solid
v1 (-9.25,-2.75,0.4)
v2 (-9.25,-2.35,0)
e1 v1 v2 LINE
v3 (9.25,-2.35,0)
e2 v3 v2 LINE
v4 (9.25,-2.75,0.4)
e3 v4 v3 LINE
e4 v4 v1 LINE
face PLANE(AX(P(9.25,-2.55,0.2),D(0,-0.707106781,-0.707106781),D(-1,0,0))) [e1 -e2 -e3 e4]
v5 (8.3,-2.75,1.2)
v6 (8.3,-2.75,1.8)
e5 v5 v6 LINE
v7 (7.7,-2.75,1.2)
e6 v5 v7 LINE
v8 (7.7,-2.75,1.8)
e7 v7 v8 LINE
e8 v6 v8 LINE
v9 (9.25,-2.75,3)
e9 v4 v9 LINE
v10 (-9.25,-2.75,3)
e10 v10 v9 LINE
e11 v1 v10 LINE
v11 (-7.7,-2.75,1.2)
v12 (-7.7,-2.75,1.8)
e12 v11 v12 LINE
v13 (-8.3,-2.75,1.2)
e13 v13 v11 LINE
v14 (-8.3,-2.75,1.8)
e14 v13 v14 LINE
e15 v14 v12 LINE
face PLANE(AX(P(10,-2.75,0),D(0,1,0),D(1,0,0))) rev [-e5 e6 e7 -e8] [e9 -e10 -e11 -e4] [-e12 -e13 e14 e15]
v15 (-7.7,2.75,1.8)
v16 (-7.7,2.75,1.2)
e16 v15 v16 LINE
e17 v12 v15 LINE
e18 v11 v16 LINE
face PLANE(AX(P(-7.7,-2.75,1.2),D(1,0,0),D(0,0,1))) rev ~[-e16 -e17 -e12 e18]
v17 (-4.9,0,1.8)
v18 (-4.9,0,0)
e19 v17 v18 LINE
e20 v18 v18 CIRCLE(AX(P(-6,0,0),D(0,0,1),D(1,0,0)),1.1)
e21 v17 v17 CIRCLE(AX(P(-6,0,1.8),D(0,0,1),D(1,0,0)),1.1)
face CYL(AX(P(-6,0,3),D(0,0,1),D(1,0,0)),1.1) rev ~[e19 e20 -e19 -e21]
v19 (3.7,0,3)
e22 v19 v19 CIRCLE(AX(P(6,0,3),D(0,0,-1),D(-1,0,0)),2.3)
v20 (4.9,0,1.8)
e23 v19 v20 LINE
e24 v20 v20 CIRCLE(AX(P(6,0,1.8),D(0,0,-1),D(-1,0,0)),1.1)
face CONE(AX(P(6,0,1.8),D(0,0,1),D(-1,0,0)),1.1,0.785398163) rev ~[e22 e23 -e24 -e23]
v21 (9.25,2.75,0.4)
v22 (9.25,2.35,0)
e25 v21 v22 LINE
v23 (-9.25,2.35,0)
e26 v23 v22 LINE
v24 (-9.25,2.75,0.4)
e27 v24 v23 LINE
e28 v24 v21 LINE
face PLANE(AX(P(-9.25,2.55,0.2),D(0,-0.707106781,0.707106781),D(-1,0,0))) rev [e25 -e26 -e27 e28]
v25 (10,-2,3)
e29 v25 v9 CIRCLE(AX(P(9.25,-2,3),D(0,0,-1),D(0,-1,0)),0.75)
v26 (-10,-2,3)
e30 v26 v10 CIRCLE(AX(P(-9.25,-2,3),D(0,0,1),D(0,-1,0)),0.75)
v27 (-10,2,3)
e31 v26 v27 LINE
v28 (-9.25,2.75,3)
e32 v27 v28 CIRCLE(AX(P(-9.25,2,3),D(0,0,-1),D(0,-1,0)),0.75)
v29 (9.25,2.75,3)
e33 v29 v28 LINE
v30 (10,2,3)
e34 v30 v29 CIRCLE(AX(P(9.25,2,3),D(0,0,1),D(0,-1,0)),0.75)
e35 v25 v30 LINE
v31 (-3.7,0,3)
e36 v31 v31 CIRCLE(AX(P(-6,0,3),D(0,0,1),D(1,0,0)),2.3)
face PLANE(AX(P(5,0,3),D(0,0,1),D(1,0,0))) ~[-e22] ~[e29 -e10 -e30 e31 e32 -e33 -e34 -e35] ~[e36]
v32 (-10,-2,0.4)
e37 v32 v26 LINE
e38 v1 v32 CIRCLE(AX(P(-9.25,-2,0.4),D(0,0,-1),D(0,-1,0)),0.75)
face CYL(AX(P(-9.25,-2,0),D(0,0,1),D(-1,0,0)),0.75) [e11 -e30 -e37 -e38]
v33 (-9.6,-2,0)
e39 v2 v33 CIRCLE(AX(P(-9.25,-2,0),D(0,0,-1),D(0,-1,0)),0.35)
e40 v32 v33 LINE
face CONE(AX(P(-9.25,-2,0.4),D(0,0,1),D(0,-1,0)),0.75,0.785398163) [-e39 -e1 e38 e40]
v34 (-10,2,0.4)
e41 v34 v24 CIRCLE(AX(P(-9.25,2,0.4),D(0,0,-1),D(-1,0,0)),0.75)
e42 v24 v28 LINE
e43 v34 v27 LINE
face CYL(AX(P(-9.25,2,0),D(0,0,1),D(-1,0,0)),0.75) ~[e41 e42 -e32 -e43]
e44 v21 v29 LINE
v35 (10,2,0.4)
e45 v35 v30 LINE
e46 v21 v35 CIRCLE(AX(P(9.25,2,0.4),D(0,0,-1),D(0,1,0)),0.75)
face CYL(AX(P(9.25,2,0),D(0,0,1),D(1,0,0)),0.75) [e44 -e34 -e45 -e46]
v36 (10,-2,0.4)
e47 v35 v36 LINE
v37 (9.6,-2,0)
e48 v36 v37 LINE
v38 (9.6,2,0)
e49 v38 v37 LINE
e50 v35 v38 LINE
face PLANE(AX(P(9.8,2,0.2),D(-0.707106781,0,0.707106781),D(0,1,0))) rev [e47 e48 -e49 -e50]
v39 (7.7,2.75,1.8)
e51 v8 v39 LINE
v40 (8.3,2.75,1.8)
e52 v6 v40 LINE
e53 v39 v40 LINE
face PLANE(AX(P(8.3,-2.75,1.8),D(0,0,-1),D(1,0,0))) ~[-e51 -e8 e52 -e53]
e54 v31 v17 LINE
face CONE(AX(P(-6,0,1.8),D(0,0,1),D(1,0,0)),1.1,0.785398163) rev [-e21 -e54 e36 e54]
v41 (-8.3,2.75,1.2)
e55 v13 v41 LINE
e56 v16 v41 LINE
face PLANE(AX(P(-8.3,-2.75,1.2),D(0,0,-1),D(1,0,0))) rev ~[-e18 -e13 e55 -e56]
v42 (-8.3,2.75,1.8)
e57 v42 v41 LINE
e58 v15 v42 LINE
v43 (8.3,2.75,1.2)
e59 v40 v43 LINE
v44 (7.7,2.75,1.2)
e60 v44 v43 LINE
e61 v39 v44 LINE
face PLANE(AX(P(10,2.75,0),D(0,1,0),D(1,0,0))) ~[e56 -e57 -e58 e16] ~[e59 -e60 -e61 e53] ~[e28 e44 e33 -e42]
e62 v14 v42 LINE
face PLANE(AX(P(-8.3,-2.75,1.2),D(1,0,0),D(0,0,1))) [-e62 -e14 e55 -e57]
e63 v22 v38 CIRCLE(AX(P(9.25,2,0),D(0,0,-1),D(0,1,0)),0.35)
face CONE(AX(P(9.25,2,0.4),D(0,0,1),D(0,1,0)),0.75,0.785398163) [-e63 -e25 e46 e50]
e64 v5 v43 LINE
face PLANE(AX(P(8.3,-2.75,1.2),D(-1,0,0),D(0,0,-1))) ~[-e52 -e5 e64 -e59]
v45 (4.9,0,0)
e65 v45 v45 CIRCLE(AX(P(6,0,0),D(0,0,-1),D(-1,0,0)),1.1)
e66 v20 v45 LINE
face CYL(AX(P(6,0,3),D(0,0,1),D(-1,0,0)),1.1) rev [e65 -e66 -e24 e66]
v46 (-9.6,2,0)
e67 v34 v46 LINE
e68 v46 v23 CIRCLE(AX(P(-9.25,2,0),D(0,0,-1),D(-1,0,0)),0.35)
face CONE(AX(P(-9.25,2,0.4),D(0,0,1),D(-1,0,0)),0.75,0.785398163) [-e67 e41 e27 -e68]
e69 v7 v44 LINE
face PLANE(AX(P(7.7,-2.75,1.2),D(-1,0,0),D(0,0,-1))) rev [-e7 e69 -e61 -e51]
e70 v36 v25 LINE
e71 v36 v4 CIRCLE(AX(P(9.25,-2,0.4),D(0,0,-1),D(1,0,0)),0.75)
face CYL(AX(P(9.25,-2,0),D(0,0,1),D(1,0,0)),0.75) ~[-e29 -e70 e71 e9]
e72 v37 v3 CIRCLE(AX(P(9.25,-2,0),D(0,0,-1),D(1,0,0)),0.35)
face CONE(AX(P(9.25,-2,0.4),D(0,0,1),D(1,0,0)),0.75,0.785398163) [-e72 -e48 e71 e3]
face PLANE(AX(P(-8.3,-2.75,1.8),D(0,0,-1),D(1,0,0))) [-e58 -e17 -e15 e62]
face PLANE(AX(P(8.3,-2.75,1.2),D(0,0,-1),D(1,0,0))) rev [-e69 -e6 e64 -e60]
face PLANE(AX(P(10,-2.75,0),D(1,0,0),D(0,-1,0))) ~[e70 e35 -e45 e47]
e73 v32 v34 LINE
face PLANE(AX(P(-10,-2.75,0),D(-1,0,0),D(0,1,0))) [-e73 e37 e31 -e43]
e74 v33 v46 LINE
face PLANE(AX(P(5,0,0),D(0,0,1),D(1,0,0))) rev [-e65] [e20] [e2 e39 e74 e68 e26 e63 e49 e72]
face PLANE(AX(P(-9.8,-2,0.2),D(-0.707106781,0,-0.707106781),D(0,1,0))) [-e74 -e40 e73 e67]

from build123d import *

# Parameters (mm, degrees)
SKETCH_W        = 10
SKETCH_H        = 5.5
PAD_DEPTH       = 3
SKETCH001_R     = 1.1
POCKET_DEPTH    = 3.001
SKETCH002_W     = 0.6
SKETCH002_H     = 0.6
POCKET001_DEPTH = 5.501
FILLET_R        = 0.75
CHAMFER_SIZE    = 1.2
CHAMFER001_SIZE = 0.4


with BuildPart() as part:
    # Sketch → Pad (new body)
    with BuildSketch(Plane.XY):
        with Locations((-5, 0)):
            Rectangle(SKETCH_W, SKETCH_H)
    extrude(amount=PAD_DEPTH)

    # Sketch001 (on Face6 of Pad) → Pocket (cut, through all)
    with BuildSketch(Plane.XY.offset(3)):
        with Locations((-6, 0)):
            Circle(SKETCH001_R)
    extrude(amount=-POCKET_DEPTH, mode=Mode.SUBTRACT)

    # Sketch002 (on Face1 of Pocket) → Pocket001 (cut, through all)
    with BuildSketch(Plane.XZ.offset(2.75)):
        with Locations((-8, 1.5)):
            Rectangle(SKETCH002_W, SKETCH002_H)
    extrude(amount=-POCKET001_DEPTH, mode=Mode.SUBTRACT)

    # Fillet
    fillet_edges = [part.edges().sort_by_distance(p)[0] for p in [
        (-10, -2.75, 1.5),
        (-10, 2.75, 1.5),
    ]]
    fillet(fillet_edges, radius=FILLET_R)

    # Mirrored: part across YZ


with BuildPart() as part_1:
    add(part.part)
    add(part.part.mirror(Plane.YZ))

    # Chamfer
    chamfer_edges = [part_1.edges().sort_by_distance(p)[0] for p in [
        (-7.1, 0, 3),
        (7.1, 0, 3),
    ]]
    chamfer(chamfer_edges, length=CHAMFER_SIZE)

    # Chamfer001
    chamfer001_edges = [part_1.edges().sort_by_distance(p)[0] for p in [
        (0, -2.75, 0),
    ]]
    chamfer(chamfer001_edges, length=CHAMFER001_SIZE)


solid = part_1.part
